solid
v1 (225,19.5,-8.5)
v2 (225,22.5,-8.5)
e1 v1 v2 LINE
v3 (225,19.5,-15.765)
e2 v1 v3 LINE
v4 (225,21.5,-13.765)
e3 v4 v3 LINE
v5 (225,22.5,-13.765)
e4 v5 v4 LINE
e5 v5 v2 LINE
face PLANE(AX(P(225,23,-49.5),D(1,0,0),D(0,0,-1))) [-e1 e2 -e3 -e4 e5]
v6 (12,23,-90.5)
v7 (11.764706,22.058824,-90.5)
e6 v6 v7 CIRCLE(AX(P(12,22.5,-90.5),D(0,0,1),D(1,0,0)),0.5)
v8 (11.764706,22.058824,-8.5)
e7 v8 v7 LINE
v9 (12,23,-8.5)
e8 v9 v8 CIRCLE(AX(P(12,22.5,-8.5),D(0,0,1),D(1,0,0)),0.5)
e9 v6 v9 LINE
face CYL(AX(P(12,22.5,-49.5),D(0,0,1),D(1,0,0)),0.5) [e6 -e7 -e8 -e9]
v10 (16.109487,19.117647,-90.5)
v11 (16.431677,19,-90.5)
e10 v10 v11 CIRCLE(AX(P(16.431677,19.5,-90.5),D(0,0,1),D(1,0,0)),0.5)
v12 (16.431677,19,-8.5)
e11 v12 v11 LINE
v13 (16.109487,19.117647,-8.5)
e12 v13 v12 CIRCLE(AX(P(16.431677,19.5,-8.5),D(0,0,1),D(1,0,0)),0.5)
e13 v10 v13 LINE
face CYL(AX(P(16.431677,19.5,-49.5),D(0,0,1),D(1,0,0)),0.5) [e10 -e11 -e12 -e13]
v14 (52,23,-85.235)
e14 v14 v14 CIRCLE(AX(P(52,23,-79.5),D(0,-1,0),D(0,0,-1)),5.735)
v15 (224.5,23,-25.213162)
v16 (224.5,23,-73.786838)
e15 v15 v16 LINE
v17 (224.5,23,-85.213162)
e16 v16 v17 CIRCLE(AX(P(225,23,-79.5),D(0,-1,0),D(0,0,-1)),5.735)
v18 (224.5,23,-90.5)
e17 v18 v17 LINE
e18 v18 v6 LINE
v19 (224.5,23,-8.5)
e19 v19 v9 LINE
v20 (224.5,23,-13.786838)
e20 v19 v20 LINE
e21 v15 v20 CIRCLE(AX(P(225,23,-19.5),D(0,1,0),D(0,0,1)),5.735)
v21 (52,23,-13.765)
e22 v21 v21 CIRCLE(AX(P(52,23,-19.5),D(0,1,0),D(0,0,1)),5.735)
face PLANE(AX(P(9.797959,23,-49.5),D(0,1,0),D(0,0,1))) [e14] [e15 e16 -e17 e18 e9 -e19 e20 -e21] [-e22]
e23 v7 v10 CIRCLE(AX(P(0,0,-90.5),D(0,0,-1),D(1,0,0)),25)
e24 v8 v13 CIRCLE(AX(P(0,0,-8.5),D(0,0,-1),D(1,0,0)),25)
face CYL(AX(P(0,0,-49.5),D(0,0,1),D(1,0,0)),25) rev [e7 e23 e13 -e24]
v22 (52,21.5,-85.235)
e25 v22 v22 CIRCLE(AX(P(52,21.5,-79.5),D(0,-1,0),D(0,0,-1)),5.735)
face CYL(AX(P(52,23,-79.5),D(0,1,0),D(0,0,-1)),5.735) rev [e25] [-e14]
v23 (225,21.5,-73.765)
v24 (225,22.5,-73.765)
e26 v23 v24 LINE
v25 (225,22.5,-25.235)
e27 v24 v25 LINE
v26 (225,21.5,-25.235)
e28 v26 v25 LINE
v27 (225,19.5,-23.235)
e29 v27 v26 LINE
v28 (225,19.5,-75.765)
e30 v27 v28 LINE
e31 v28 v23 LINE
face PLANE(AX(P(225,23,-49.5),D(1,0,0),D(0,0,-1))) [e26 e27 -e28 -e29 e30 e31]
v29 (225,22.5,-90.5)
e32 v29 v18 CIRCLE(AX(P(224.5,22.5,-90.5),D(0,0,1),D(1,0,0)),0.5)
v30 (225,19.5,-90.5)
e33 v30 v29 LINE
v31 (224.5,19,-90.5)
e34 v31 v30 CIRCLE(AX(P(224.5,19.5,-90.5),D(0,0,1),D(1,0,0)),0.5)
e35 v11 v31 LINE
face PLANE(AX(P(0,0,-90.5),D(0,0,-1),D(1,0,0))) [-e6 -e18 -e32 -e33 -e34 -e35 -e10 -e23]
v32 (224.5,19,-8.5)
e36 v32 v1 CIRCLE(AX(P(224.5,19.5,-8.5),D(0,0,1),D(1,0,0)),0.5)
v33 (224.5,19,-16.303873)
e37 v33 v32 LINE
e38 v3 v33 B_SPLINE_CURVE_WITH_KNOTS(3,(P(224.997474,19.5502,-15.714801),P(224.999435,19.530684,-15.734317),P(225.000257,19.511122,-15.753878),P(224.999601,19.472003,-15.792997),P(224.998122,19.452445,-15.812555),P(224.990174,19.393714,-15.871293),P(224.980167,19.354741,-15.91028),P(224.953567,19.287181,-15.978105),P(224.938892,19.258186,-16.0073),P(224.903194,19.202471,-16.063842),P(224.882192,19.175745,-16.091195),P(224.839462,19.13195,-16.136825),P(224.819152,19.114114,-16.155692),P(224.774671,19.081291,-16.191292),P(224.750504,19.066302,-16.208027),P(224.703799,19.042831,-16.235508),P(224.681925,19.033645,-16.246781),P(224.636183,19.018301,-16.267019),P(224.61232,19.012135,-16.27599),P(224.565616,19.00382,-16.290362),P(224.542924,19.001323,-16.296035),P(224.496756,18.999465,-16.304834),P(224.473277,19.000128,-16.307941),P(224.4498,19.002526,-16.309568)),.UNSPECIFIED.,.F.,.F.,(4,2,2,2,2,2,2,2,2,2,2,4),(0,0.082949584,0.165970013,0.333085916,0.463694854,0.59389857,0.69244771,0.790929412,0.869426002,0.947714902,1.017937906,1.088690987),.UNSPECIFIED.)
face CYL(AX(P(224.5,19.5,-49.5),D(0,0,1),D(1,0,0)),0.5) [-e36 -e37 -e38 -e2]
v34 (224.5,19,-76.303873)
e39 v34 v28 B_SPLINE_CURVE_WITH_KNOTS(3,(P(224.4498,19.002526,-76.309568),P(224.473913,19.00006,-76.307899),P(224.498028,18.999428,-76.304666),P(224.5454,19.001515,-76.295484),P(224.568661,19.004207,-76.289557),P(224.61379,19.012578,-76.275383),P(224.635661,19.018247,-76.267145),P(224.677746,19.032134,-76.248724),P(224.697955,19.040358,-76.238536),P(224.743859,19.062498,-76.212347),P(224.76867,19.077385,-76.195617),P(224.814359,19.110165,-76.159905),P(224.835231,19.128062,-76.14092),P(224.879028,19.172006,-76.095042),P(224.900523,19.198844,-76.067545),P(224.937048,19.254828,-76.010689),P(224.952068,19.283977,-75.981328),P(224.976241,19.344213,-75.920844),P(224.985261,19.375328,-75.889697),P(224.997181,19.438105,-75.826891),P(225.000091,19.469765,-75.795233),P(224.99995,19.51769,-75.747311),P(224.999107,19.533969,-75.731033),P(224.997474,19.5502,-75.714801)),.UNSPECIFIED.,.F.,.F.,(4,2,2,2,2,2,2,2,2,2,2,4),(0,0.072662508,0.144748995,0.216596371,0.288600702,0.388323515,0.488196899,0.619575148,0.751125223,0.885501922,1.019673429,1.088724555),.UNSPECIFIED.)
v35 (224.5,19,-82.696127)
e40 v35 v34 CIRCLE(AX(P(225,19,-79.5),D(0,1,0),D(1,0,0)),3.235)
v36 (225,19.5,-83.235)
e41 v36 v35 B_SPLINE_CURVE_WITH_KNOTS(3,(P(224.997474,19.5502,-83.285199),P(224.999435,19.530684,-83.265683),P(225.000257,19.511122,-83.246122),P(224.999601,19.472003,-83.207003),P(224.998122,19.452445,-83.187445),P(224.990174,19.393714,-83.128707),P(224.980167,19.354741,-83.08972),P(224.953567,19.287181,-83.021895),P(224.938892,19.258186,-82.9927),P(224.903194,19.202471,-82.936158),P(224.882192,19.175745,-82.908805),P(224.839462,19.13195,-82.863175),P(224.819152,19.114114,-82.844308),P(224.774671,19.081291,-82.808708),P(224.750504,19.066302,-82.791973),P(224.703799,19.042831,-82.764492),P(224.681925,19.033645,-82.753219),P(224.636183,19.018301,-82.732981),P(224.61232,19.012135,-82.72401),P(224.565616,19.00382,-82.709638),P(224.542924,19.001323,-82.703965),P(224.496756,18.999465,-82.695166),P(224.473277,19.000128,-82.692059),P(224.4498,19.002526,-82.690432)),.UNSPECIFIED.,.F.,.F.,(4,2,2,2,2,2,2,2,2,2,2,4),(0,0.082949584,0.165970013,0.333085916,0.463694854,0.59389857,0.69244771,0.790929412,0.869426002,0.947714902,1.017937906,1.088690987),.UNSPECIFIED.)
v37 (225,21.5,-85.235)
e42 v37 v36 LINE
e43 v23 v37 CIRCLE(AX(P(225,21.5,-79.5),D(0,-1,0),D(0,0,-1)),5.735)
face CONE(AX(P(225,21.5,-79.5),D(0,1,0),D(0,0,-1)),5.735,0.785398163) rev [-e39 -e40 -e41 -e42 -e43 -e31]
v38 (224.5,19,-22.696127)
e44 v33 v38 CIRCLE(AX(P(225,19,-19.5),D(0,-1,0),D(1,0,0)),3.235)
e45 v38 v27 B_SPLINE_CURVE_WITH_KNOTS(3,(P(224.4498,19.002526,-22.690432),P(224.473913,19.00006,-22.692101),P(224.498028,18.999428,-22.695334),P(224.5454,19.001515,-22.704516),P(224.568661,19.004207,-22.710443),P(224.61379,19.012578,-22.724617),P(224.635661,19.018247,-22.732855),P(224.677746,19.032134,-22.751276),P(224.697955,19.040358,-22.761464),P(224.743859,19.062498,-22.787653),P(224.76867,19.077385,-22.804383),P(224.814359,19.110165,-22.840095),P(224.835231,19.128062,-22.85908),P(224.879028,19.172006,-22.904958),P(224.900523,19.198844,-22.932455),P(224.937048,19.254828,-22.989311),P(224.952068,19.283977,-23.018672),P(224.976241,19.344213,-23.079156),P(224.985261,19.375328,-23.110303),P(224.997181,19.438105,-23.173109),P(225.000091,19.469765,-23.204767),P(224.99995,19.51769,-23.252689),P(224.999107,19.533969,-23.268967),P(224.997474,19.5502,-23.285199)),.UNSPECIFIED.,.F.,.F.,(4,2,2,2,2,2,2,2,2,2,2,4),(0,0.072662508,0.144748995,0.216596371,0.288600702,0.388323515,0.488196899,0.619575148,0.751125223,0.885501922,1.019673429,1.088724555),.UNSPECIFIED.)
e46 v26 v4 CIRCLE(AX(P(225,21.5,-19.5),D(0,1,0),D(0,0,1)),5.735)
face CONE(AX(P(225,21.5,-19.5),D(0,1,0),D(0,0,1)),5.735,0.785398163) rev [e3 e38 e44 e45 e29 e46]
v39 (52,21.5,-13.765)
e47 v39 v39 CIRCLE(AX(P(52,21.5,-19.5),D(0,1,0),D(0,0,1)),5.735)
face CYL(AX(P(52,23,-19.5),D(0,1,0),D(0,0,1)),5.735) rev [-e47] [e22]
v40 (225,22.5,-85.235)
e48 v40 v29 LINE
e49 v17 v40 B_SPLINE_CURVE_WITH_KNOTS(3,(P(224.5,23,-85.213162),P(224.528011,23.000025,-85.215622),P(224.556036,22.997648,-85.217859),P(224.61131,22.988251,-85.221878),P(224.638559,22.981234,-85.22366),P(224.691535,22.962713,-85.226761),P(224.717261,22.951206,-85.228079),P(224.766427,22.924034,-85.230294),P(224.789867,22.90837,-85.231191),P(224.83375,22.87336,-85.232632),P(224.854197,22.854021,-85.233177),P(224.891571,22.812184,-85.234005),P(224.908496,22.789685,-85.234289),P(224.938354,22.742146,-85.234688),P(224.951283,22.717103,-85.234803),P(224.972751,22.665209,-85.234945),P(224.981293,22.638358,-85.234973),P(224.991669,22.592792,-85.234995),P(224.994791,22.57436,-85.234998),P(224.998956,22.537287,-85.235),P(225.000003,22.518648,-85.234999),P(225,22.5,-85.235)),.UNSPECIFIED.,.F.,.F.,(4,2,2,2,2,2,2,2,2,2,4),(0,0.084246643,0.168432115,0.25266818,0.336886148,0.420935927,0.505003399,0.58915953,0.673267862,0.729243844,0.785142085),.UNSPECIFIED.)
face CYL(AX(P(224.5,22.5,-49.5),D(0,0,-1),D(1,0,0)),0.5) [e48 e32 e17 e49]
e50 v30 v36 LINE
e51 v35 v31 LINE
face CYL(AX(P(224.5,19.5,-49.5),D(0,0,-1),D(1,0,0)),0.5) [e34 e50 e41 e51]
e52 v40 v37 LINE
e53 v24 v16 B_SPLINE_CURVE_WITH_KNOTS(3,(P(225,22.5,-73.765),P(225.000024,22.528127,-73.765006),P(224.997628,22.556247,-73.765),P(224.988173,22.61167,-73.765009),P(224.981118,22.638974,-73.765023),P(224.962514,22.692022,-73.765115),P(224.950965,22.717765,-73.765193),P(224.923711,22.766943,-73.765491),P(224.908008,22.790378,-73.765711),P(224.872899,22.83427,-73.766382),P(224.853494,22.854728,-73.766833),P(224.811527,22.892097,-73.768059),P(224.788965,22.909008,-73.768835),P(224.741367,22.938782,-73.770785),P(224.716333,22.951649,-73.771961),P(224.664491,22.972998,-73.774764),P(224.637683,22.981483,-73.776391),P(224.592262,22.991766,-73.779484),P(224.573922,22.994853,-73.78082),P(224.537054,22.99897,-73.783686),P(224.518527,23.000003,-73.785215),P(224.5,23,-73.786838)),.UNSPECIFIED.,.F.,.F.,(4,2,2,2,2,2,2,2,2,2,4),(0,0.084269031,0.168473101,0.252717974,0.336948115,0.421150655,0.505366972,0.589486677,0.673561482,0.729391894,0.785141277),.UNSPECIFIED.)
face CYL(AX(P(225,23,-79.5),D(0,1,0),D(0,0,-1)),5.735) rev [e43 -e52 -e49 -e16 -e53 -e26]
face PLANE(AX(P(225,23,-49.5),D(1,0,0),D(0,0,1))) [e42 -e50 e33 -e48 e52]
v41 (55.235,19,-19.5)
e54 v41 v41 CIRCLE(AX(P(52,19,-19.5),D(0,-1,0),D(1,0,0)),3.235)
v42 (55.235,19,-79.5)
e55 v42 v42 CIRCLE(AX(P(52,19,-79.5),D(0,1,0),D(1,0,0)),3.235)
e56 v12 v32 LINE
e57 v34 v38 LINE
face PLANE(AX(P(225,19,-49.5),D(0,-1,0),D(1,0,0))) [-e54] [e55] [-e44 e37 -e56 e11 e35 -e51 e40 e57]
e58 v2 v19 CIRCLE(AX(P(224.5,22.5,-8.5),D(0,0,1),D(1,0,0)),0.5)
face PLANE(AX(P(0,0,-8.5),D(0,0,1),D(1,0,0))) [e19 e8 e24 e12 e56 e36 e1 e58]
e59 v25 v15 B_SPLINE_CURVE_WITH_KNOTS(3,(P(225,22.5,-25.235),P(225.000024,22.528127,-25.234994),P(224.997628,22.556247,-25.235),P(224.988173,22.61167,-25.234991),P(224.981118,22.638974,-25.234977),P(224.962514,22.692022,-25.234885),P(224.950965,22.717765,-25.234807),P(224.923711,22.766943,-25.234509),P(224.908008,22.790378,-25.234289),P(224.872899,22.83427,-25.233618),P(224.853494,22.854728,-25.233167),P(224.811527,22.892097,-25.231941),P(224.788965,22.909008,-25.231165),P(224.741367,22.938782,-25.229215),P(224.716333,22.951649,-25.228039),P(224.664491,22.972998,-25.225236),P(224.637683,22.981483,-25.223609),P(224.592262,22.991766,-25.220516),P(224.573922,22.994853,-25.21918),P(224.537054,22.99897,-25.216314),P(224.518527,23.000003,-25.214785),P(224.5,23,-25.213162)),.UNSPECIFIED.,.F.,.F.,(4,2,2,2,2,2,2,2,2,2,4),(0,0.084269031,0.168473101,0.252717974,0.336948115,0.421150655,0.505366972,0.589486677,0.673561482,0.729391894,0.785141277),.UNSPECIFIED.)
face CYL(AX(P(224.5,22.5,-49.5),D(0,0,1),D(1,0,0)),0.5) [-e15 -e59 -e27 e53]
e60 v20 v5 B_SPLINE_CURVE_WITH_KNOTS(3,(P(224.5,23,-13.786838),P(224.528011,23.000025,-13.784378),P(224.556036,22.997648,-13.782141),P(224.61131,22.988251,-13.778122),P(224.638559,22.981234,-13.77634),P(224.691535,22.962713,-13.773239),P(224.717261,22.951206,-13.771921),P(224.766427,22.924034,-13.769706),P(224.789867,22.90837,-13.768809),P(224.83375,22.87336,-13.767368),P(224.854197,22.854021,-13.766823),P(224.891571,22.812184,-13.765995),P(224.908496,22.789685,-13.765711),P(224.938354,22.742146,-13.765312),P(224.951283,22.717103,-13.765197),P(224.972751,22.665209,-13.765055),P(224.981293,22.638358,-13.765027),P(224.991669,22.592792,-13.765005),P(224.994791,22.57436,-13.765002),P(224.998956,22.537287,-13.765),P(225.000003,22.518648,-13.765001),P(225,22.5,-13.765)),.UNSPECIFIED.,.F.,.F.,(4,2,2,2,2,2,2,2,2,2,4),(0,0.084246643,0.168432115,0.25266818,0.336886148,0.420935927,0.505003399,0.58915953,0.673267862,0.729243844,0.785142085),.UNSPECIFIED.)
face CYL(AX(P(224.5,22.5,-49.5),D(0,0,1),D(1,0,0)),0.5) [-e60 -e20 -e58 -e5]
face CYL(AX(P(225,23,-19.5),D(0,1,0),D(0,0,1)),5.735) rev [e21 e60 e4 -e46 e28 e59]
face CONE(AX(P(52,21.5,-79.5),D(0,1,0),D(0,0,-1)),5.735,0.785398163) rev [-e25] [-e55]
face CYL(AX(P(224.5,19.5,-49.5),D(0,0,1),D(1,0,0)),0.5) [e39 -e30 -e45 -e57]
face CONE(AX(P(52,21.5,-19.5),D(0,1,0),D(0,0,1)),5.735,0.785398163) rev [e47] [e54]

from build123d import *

# Parameters (mm, degrees)
AUFSATZ_LINEAR_START                        = -8.5
AUFSATZ_LINEAR_AUSTRAGEN1_DEPTH             = 41
VERRUNDUNG1_R                               = 0.5
FORMSENKUNG_F_R_M5_SENKSCHRAUBE_MIT_2_COUNT = 2
FORMSENKUNG_F_R_M5_SENKSCHRAUBE_MIT_2_PITCH = 173


with BuildPart() as part:
    # Skizze2 → Aufsatz-Linear austragen1 (new body)
    with BuildSketch(Plane.XY.offset(AUFSATZ_LINEAR_START)):
        with BuildLine():
            Line((9.797958971, 23), (225, 23))
            Line((225, 23), (225, 19))
            Line((225, 19), (17.007351352, 19))
            Line((17.007351352, 19), (16.248076809, 19))
            ThreePointArc((16.248076809, 19), (13.175697134, 21.246199779), (9.797958971, 23))
        make_face()
    extrude(amount=-AUFSATZ_LINEAR_AUSTRAGEN1_DEPTH)

    # Verrundung1
    verrundung1_edges = [part.edges().sort_by_distance(p)[0] for p in [
        (16.248076809, 19, -29),
        (9.797958971, 23, -29),
        (225, 23, -29),
        (225, 19, -29),
    ]]
    fillet(verrundung1_edges, radius=VERRUNDUNG1_R)

    # Skizze6 → Formsenkung für M5 Senkschraube mit Innensechskant1 (revolve, cut)
    with BuildSketch(Plane(origin=(225, 23, -19.5), x_dir=(0, 0, 1), z_dir=(1, 0, 0))):
        Polygon((0, 0), (0, 5.652366702), (2.75, 4), (2.75, 4.485), (5.735, 1.5), (5.735, 0), align=None)
    formsenkung_f_r_m5_senkschraube_mit_inne = revolve(axis=Axis((225, 29.35, -19.5), (0, -1, 0)), mode=Mode.SUBTRACT)

    # Formsenkung f_r M5 Senkschraube mit  2: Formsenkung für M5 Senkschraube mit Innensechskant1 ×2
    with Locations(*[(-i * FORMSENKUNG_F_R_M5_SENKSCHRAUBE_MIT_2_PITCH, 0, 0) for i in range(1, FORMSENKUNG_F_R_M5_SENKSCHRAUBE_MIT_2_COUNT)]):
        add(formsenkung_f_r_m5_senkschraube_mit_inne, mode=Mode.SUBTRACT)

    # Spiegeln2: part across plane


with BuildPart() as part_1:
    add(part.part)
    add(part.part.mirror(Plane.XY.offset(-49.5)))


solid = part_1.part
